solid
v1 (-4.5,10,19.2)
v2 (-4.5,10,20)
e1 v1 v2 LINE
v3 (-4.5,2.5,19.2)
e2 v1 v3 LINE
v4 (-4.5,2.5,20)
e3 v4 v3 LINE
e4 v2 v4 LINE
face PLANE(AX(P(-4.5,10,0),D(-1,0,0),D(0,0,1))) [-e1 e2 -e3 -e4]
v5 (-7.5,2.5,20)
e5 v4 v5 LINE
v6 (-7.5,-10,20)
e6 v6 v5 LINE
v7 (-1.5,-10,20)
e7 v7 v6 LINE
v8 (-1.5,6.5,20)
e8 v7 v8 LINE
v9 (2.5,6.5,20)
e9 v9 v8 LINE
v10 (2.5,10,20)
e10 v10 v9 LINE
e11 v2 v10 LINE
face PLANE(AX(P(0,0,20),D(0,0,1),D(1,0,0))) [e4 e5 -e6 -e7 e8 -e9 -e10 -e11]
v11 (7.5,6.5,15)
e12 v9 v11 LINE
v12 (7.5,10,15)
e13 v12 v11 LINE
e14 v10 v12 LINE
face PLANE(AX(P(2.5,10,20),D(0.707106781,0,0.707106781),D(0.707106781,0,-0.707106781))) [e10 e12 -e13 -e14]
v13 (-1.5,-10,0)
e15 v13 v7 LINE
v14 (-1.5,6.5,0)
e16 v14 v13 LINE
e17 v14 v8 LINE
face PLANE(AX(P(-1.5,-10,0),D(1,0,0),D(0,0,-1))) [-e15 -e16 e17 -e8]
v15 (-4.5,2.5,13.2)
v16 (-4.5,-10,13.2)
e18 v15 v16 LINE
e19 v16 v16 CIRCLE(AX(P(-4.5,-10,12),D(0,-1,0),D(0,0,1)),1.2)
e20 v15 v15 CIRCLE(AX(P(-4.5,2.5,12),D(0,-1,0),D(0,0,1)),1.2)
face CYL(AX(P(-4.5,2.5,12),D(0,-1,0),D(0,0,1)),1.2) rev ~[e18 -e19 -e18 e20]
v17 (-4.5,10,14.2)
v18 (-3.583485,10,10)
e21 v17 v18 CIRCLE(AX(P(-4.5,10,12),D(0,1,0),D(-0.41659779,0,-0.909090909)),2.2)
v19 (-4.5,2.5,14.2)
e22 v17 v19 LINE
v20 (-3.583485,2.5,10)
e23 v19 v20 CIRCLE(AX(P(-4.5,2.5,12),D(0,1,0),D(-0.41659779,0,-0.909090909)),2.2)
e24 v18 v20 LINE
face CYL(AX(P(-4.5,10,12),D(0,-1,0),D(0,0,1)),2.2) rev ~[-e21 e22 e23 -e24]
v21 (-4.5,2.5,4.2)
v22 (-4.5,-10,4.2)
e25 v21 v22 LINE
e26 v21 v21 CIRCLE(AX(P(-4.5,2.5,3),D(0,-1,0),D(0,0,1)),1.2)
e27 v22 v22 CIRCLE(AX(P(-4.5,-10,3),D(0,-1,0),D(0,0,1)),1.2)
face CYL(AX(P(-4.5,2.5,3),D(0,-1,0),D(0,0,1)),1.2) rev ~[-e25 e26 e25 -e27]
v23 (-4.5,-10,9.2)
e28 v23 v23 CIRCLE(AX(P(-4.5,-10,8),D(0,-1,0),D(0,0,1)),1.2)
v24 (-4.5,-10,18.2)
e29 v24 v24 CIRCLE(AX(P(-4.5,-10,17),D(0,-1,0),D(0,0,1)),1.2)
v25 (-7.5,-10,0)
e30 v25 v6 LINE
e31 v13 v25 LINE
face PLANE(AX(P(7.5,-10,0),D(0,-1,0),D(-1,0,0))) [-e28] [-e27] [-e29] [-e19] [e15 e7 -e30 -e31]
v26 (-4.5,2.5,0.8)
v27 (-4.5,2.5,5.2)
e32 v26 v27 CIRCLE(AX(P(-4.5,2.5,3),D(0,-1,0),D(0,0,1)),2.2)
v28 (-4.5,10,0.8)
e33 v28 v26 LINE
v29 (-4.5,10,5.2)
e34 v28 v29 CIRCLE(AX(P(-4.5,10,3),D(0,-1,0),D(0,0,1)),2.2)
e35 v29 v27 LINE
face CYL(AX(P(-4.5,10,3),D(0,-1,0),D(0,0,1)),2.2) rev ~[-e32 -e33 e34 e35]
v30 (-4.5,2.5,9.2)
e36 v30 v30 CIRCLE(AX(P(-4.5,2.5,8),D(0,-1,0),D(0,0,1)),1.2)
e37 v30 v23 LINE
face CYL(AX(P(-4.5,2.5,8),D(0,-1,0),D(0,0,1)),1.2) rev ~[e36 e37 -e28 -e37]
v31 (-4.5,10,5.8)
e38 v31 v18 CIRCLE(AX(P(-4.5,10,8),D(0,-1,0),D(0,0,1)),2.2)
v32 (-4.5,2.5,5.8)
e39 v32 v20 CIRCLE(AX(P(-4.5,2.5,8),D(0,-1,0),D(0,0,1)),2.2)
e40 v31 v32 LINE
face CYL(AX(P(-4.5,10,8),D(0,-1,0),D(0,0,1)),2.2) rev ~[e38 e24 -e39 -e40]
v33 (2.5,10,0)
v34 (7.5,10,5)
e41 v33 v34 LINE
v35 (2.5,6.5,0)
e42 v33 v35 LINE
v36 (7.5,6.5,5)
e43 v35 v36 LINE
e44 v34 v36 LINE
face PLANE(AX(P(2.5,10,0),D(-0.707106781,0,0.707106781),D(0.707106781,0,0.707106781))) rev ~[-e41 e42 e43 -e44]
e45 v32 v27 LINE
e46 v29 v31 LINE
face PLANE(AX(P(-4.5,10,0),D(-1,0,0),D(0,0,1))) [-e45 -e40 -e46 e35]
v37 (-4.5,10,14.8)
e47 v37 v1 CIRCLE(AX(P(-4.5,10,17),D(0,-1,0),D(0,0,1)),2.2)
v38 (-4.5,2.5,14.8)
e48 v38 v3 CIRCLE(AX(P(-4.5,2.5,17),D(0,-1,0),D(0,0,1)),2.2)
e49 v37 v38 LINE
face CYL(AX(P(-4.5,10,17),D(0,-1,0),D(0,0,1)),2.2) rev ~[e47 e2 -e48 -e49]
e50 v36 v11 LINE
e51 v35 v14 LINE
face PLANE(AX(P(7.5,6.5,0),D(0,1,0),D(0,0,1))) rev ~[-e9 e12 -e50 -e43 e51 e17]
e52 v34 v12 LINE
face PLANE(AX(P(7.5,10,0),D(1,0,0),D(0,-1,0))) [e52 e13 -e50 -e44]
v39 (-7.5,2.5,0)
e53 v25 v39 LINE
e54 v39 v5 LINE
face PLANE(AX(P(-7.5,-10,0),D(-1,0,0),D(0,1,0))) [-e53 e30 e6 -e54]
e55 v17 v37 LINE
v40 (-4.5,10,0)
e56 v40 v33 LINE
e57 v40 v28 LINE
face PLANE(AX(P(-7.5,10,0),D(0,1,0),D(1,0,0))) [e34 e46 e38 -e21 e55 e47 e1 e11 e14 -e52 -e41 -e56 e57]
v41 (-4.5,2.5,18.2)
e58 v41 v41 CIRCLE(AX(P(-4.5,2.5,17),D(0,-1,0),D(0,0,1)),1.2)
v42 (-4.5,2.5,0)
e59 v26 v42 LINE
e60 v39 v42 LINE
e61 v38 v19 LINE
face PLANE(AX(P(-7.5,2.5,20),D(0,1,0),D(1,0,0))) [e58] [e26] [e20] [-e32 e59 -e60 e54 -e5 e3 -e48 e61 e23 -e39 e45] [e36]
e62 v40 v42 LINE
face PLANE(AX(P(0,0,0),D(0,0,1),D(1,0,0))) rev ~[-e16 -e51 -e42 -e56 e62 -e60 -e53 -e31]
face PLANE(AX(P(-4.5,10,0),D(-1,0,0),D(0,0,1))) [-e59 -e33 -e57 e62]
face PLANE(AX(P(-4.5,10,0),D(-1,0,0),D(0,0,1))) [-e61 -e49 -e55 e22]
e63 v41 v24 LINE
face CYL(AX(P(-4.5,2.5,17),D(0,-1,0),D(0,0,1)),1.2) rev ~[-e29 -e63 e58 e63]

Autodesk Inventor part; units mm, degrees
ref_plane "YZ Plane" through (0, 0, 0) normal (1, 0, 0) x (0, 1, 0)
ref_plane "XZ Plane" through (0, 0, 0) normal (0, 1, 0) x (-1, 0, 0)
ref_plane "XY Plane" through (0, 0, 0) normal (0, 0, 1) x (1, 0, 0)
sketch "Sketch1" plane through (0, 0, 0) normal (0, 0, 1) x (1, 0, 0)
  line L0 (-7.5, 10) -> (7.5, 10)
  line L1 (7.5, 10) -> (7.5, -10)
  line L2 (7.5, -10) -> (-7.5, -10)
  line L3 (-7.5, -10) -> (-7.5, 10)
  point P0 (0, 0)
  dimension "d0" = 15
  dimension "d1" = 20
  dimension "d2" = 7.5
  dimension "d3" = 10
extrude "Extrusion1" add sketch "Sketch1" along normal blind 20
sketch "Sketch2" plane through (7.5, -10, 0) normal (1, 0, 0) x (0, 0, -1)
  line L0 (0, 20) -> (0, 0) projected
  line L1 (0, 20) -> (-20, 20) projected
  line L2 (-20, 0) -> (-20, 20) projected
  line L3 (0, 0) -> (-20, 0) projected
  line L4 (-20, 0) -> (0, 0)
  line L5 (0, 0) -> (0, 16.5)
  line L6 (0, 16.5) -> (-20, 16.5)
  line L7 (-20, 16.5) -> (-20, 0)
  point P0 (0, 10)
  dimension "d6" = 16.5
extrude "Extrusion2" cut sketch "Sketch2" against normal blind 9 contours L0 L3 L2 L6
sketch "Sketch3" plane through (-7.5, 10, 0) normal (0, 1, 0) x (1, 0, 0)
  circle A0 centre (3, -12) radius 0.7835
  circle A1 centre (3, -17) radius 0.7835
  line L0 (0, 0) -> (15, 0) projected
  line L1 (0, 0) -> (0, -20) projected
  line L2 (15, -20) -> (0, -20) projected
  line L3 (15, 0) -> (15, -20) projected
  circle A2 centre (3, -8) radius 0.7835
  circle A3 centre (3, -3) radius 0.7835
  point P0 (7.5, 0)
  dimension "d22" = 3
  dimension "d23" = 3
  dimension "d24" = 3
  dimension "d25" = 8
  dimension "d26" = 3
  dimension "d27" = 8
  dimension "d28" = 3
  dimension "d29" = 3
hole "Hole1" at (-4.5, 10, 12) at (-4.5, 10, 17) at (-4.5, 10, 8) at (-4.5, 10, 3) direction (0, -1, 0) diameter 2.4 end through all counterbore diameter 4.4 counterbore depth 7.5 clearance for "Socket Head Cap Screw" size "M2" standard "Ansi Metric M Profile"
sketch "Sketch4" plane through (-7.5, 10, 0) normal (0, 1, 0) x (1, 0, 0)
  arc A0 (2.0835, -10) -> (3.9165, -10) centre (3, -12) ccw projected
  circle A1 centre (3, -17) radius 2.2 projected
  line L0 (0, 0) -> (15, 0) projected
  line L1 (0, 0) -> (0, -20) projected
  line L2 (15, -20) -> (0, -20) projected
  line L3 (15, 0) -> (15, -20) projected
  line L4 (15, 0) -> (10, 0)
  line L5 (10, 0) -> (15, -5)
  line L6 (15, 0) -> (15, -5)
  line L7 (15, -20) -> (15, -15)
  line L8 (15, -20) -> (10, -20)
  line L9 (10, -20) -> (15, -15)
  arc A2 (3.9165, -10) -> (2.0835, -10) centre (3, -8) ccw projected
  point P0 (7.5, 0)
  dimension "d16" = 5
  dimension "d17" = 5
  dimension "d18" = 5
  dimension "d19" = 5
extrude "Extrusion3" cut sketch "Sketch4" against normal through all contours L0 L3 L5 | L9 L3 L2
sketch "Sketch5" plane through (-7.5, 10, 20) normal (0, 1, 0) x (1, 0, 0)
  line L0 (15, 15) -> (10, 20) projected
  line L1 (0, 20) -> (10, 20) projected
  line L2 (0, 20) -> (0, 0) projected
  line L3 (10, 0) -> (0, 0) projected
  line L4 (10, 0) -> (15, 5) projected
  line L5 (15, 15) -> (15, 5) projected
  circle A0 centre (3, 17) radius 2.2 projected
  circle A1 centre (3, 3) radius 2.2 projected
  arc A2 (3.9165, 10) -> (2.0835, 10) centre (3, 12) ccw projected
  arc A3 (2.0835, 10) -> (3.9165, 10) centre (3, 8) ccw projected
  line L6 (0, 20) -> (3, 20)
  line L7 (3, 20) -> (3, 0)
  line L8 (3, 0) -> (0, 0)
  line L9 (0, 0) -> (0, 20)
  point P0 (7.5, 20)
  dimension "d30" = 3
extrude "Extrusion4" cut sketch "Sketch5" against normal blind 7.5 contours L7 A0 A2 A3 A1 L3 L2 L1 | L7 A0 | A1 L7 | L7 A3 A2 picked at (2.1729, 17.6329) picked at (2.3382, 2.4724) picked at (2.6945, 10)
equation "\"d2\" = 0.5 * d0"
equation "\"d3\" = 0.5 * d1"
properties part number "galvo_stop"
